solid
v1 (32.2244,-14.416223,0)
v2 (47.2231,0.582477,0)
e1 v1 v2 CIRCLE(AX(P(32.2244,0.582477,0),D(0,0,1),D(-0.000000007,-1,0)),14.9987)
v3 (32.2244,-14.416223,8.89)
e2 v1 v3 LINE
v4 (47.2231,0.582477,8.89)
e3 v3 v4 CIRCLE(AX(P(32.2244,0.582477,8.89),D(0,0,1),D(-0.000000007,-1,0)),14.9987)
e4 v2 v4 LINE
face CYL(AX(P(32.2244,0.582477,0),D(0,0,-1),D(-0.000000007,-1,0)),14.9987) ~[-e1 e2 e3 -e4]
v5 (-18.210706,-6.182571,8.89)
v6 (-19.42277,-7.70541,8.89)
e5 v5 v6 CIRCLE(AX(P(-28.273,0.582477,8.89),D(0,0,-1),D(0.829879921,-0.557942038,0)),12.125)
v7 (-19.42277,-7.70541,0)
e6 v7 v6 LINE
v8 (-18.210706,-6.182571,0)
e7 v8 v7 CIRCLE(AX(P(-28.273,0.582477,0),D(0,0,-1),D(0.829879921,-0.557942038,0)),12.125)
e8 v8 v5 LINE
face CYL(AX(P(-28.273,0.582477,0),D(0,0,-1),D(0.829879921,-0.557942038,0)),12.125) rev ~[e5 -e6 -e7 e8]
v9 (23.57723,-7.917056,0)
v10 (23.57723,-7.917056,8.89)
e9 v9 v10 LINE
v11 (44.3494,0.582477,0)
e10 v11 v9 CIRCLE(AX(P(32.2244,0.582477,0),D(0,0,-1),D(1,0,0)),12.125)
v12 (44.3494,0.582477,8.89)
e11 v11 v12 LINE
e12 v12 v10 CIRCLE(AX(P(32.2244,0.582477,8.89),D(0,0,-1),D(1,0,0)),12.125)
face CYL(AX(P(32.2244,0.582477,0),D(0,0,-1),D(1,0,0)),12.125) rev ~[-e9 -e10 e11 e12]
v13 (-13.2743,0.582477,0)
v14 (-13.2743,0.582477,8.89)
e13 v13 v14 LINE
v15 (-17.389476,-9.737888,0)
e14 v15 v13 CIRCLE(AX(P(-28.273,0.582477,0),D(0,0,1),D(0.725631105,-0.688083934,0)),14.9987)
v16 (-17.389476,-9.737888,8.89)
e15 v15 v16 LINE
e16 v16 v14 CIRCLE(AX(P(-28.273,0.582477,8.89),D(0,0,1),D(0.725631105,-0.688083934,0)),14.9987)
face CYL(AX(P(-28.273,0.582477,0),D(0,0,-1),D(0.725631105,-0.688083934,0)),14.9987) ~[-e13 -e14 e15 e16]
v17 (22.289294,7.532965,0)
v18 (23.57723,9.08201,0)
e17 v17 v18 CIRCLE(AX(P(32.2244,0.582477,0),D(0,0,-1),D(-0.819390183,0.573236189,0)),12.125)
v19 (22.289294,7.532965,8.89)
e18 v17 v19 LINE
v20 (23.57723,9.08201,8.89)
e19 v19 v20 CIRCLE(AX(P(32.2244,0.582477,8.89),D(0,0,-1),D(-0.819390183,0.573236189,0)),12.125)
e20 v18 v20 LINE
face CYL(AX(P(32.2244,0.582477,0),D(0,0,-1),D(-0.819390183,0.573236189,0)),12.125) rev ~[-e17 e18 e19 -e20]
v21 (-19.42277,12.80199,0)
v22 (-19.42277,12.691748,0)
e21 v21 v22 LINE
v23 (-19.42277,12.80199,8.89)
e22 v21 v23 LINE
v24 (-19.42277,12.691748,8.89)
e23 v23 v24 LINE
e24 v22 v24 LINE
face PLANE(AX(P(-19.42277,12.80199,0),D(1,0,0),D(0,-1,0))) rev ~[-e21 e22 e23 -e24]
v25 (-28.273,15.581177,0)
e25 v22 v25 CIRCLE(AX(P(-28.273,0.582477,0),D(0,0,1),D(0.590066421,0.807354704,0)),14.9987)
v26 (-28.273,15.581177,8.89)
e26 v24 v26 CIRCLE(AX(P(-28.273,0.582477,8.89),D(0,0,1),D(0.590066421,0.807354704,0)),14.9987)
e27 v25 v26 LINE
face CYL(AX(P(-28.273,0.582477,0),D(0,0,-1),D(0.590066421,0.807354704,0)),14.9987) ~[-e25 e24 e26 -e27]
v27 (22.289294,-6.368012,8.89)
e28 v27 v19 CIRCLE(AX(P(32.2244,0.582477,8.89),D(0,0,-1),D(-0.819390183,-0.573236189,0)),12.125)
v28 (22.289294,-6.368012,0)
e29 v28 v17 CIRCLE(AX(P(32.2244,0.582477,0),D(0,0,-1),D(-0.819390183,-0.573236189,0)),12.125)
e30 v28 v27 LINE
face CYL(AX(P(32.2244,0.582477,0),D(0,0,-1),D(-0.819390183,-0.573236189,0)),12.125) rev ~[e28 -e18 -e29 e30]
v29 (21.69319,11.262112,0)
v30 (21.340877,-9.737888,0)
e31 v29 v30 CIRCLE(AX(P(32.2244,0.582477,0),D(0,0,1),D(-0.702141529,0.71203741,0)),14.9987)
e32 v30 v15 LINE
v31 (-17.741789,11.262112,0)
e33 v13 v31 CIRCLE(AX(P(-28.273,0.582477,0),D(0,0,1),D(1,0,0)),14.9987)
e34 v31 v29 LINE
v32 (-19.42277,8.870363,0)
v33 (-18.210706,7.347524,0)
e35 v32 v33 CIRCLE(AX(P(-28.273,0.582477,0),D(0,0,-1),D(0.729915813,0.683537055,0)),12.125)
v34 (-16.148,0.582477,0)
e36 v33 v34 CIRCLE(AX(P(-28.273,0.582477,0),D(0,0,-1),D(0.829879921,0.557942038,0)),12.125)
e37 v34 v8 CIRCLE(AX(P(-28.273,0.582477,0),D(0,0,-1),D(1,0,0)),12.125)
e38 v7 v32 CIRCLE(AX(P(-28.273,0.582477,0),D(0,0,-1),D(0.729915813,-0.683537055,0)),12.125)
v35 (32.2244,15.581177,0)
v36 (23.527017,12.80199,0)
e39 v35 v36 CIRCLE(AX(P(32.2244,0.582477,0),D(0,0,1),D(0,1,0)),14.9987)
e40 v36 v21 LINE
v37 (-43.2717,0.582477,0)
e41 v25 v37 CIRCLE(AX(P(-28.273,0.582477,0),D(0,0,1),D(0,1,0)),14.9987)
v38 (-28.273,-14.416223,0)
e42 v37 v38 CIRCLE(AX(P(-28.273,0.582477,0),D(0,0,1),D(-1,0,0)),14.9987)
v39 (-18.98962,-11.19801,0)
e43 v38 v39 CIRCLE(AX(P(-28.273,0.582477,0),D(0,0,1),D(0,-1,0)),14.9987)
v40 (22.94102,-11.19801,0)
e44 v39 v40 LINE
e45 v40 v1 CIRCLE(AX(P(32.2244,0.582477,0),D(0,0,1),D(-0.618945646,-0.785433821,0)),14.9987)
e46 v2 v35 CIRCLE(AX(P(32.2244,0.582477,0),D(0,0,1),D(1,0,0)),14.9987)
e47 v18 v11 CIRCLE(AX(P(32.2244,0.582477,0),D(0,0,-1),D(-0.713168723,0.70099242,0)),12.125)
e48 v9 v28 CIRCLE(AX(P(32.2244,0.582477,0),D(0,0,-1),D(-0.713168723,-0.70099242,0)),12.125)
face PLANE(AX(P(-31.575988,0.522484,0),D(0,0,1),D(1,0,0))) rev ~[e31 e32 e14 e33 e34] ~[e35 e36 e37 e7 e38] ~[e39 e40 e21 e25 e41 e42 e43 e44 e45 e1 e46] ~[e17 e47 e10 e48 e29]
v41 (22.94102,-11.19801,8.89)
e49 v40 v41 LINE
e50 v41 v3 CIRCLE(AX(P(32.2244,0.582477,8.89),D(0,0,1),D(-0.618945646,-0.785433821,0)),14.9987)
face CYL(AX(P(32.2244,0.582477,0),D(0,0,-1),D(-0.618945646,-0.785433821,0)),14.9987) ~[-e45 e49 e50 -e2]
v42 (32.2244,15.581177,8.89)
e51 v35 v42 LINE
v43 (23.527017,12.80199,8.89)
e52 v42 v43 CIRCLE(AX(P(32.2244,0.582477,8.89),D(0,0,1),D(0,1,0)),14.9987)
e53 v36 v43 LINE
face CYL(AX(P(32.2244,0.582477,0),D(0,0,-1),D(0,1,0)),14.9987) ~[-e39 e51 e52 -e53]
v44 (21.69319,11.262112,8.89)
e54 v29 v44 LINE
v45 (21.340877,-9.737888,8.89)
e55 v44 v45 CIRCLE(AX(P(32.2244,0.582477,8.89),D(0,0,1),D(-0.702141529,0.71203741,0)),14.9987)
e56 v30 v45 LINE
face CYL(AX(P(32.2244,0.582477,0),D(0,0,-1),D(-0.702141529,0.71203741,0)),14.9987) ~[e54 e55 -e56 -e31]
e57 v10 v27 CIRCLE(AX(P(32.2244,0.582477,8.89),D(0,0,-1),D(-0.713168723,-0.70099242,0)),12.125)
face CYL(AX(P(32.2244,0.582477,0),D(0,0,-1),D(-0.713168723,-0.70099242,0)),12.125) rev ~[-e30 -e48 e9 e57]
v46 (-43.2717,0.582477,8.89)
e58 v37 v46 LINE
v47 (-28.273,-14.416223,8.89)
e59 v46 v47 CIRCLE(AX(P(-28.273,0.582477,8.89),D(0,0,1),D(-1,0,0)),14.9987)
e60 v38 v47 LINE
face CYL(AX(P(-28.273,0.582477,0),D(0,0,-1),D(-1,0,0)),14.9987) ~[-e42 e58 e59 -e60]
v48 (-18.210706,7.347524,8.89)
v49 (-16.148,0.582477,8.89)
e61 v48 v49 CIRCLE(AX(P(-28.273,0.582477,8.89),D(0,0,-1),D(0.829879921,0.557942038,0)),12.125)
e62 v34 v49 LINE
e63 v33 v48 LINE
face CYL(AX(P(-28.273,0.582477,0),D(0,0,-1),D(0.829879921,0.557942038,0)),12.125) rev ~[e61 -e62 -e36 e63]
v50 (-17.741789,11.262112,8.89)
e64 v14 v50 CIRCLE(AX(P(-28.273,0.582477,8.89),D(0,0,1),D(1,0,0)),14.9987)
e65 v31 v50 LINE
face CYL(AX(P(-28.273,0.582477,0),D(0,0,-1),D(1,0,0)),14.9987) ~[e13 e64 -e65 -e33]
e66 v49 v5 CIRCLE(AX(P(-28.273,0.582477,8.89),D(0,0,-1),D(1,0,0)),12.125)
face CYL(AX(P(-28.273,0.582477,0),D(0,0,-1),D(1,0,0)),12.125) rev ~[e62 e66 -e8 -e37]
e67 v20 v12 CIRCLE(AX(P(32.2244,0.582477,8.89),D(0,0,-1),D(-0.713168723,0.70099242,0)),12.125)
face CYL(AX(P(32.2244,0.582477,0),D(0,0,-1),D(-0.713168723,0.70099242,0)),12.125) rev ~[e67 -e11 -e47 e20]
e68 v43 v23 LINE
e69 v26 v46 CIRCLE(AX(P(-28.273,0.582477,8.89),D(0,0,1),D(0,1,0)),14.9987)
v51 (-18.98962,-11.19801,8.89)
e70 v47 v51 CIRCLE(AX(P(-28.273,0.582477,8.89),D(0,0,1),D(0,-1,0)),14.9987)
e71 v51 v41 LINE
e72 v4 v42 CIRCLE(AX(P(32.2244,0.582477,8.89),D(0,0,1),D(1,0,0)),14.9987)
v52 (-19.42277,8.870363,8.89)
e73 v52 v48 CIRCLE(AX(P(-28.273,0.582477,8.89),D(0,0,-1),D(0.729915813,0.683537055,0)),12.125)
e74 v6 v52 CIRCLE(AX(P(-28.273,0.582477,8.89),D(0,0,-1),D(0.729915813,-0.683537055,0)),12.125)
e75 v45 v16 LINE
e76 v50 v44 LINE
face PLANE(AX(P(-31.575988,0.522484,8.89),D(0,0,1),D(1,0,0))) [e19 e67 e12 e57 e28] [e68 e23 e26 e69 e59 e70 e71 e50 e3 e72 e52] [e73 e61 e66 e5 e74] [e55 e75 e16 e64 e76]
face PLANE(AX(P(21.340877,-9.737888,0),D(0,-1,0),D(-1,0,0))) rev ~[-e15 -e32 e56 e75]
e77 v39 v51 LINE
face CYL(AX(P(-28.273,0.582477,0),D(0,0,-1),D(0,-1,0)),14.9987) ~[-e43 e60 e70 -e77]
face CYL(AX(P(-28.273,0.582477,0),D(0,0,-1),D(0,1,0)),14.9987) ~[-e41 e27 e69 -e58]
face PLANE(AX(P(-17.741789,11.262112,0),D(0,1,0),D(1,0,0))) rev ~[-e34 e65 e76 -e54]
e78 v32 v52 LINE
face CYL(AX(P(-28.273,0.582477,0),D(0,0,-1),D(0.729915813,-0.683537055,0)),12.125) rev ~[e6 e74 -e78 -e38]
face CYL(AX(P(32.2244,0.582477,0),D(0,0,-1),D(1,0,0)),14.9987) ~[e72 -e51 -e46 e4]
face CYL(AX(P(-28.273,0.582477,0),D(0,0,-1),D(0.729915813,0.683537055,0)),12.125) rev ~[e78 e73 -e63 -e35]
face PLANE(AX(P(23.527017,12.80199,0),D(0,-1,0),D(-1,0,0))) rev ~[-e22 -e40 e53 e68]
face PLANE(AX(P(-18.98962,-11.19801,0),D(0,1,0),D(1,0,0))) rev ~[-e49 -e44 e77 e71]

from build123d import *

# Parameters (mm, degrees)
F1_DEPTH = 8.89


with BuildPart() as f1:
    # F0 (on Top) → F1 (new body)
    with BuildSketch(Plane.XY):
        with BuildLine():
            Line((-18.9896195369, -11.198009608), (-19.4227703597, -11.198009608))
            Line((-19.4227703597, -11.198009608), (-19.4227703597, -7.7054101467))
            ThreePointArc((-19.4227703597, -7.7054101467), (-40.3979995929, 0.5824766479), (-19.4227703597, 8.8703634425))
            Line((-19.4227703597, 8.8703634425), (-19.4227703597, 12.6917476503))
            ThreePointArc((-19.4227703597, 12.6917476503), (-23.6180195335, 14.8405326983), (-28.2729995929, 15.5811766479))
            ThreePointArc((-28.2729995929, 15.5811766479), (-38.8786820719, 11.1881591269), (-43.2716995929, 0.5824766479))
            ThreePointArc((-43.2716995929, 0.5824766479), (-38.8786820719, -10.0232058311), (-28.2729995929, -14.4162233521))
            ThreePointArc((-28.2729995929, -14.4162233521), (-23.3603107933, -13.5888496996), (-18.9896195369, -11.198009608))
        make_face()
        with BuildLine():
            Line((-18.2107055563, -9.7378878497), (-17.3894763432, -9.7378878497))
            ThreePointArc((-17.3894763432, -9.7378878497), (-14.3410273374, -4.9728046917), (-13.2742995929, 0.5824766479))
            ThreePointArc((-13.2742995929, 0.5824766479), (-14.4361743904, 6.3706775779), (-17.7417894428, 11.2621121503))
            Line((-17.7417894428, 11.2621121503), (-18.2107055563, 11.2621121503))
            Line((-18.2107055563, 11.2621121503), (-18.2107055563, 7.3475238555))
            ThreePointArc((-18.2107055563, 7.3475238555), (-16.675134699, 4.1187394921), (-16.1479995929, 0.5824766479))
            ThreePointArc((-16.1479995929, 0.5824766479), (-16.675134699, -2.9537861963), (-18.2107055563, -6.1825705597))
            Line((-18.2107055563, -6.1825705597), (-18.2107055563, -9.7378878497))
        make_face()
        with BuildLine():
            Line((-19.4227703597, -7.7054101467), (-19.4227703597, -11.198009608))
            Line((-19.4227703597, -11.198009608), (-18.9896195369, -11.198009608))
            ThreePointArc((-18.9896195369, -11.198009608), (-18.1631535939, -10.4968742161), (-17.3894763432, -9.7378878497))
            Line((-17.3894763432, -9.7378878497), (-18.2107055563, -9.7378878497))
            Line((-18.2107055563, -9.7378878497), (-18.2107055563, -6.1825705597))
            ThreePointArc((-18.2107055563, -6.1825705597), (-18.7861326596, -6.9683498493), (-19.4227703597, -7.7054101467))
        make_face()
        with BuildLine():
            ThreePointArc((-17.3894763432, -9.7378878497), (-18.1631535939, -10.4968742161), (-18.9896195369, -11.198009608))
            Line((-18.9896195369, -11.198009608), (22.9410203511, -11.198009608))
            ThreePointArc((22.9410203511, -11.198009608), (22.1145544081, -10.4968742161), (21.3408771574, -9.7378878497))
            Line((21.3408771574, -9.7378878497), (-17.3894763432, -9.7378878497))
        make_face()
        with BuildLine():
            Line((-19.4227703597, 12.6917476503), (-19.4227703597, 8.8703634425))
            ThreePointArc((-19.4227703597, 8.8703634425), (-18.7861326596, 8.133303145), (-18.2107055563, 7.3475238555))
            Line((-18.2107055563, 7.3475238555), (-18.2107055563, 11.2621121503))
            Line((-18.2107055563, 11.2621121503), (-17.7417894428, 11.2621121503))
            ThreePointArc((-17.7417894428, 11.2621121503), (-18.5559520702, 12.0078864494), (-19.4227703597, 12.6917476503))
        make_face()
        with BuildLine():
            Line((-19.4227703597, 12.801990392), (-19.4227703597, 12.6917476503))
            ThreePointArc((-19.4227703597, 12.6917476503), (-18.5559520702, 12.0078864494), (-17.7417894428, 11.2621121503))
            Line((-17.7417894428, 11.2621121503), (21.693190257, 11.2621121503))
            ThreePointArc((21.693190257, 11.2621121503), (22.5793232744, 12.0687070475), (23.5270165736, 12.801990392))
            Line((23.5270165736, 12.801990392), (-19.4227703597, 12.801990392))
        make_face()
        with BuildLine():
            ThreePointArc((23.5270165736, 12.801990392), (22.5793232744, 12.0687070475), (21.693190257, 11.2621121503))
            Line((21.693190257, 11.2621121503), (22.2892944437, 11.2621121503))
            Line((22.2892944437, 11.2621121503), (22.2892944437, 7.5329654434))
            ThreePointArc((22.2892944437, 7.5329654434), (22.9010353132, 8.334282136), (23.5772296403, 9.0820097368))
            Line((23.5772296403, 9.0820097368), (23.5772296403, 12.801990392))
            Line((23.5772296403, 12.801990392), (23.5270165736, 12.801990392))
        make_face()
        with BuildLine():
            Line((23.5772296403, -11.198009608), (22.9410203511, -11.198009608))
            ThreePointArc((22.9410203511, -11.198009608), (27.3117115612, -13.5888496836), (32.2244003091, -14.4162233521))
            ThreePointArc((32.2244003091, -14.4162233521), (42.8300828514, -10.0232058658), (47.2231004071, 0.5824766479))
            ThreePointArc((47.2231004071, 0.5824766479), (42.8300828861, 11.1881591269), (32.2244004071, 15.5811766479))
            ThreePointArc((32.2244004071, 15.5811766479), (27.6590865682, 14.8694956246), (23.5270165736, 12.801990392))
            Line((23.5270165736, 12.801990392), (23.5772296403, 12.801990392))
            Line((23.5772296403, 12.801990392), (23.5772296403, 9.0820097368))
            ThreePointArc((23.5772296403, 9.0820097368), (36.8161690997, 11.8043875936), (44.3494004071, 0.5824766479))
            ThreePointArc((44.3494004071, 0.5824766479), (36.8161690997, -10.6394342978), (23.5772296403, -7.9170564411))
            Line((23.5772296403, -7.9170564411), (23.5772296403, -11.198009608))
        make_face()
        with BuildLine():
            ThreePointArc((21.3408771574, -9.7378878497), (22.1145544081, -10.4968742161), (22.9410203511, -11.198009608))
            Line((22.9410203511, -11.198009608), (23.5772296403, -11.198009608))
            Line((23.5772296403, -11.198009608), (23.5772296403, -7.9170564411))
            ThreePointArc((23.5772296403, -7.9170564411), (22.9010353132, -7.1693288402), (22.2892944437, -6.3680121476))
            Line((22.2892944437, -6.3680121476), (22.2892944437, -9.7378878497))
            Line((22.2892944437, -9.7378878497), (21.3408771574, -9.7378878497))
        make_face()
        with BuildLine():
            ThreePointArc((21.693190257, 11.2621121503), (17.2278107399, 0.8340716473), (21.3408771574, -9.7378878497))
            Line((21.3408771574, -9.7378878497), (22.2892944437, -9.7378878497))
            Line((22.2892944437, -9.7378878497), (22.2892944437, -6.3680121476))
            ThreePointArc((22.2892944437, -6.3680121476), (20.0994004071, 0.5824766479), (22.2892944437, 7.5329654434))
            Line((22.2892944437, 7.5329654434), (22.2892944437, 11.2621121503))
            Line((22.2892944437, 11.2621121503), (21.693190257, 11.2621121503))
        make_face()
    extrude(amount=F1_DEPTH)


solid = f1.part
